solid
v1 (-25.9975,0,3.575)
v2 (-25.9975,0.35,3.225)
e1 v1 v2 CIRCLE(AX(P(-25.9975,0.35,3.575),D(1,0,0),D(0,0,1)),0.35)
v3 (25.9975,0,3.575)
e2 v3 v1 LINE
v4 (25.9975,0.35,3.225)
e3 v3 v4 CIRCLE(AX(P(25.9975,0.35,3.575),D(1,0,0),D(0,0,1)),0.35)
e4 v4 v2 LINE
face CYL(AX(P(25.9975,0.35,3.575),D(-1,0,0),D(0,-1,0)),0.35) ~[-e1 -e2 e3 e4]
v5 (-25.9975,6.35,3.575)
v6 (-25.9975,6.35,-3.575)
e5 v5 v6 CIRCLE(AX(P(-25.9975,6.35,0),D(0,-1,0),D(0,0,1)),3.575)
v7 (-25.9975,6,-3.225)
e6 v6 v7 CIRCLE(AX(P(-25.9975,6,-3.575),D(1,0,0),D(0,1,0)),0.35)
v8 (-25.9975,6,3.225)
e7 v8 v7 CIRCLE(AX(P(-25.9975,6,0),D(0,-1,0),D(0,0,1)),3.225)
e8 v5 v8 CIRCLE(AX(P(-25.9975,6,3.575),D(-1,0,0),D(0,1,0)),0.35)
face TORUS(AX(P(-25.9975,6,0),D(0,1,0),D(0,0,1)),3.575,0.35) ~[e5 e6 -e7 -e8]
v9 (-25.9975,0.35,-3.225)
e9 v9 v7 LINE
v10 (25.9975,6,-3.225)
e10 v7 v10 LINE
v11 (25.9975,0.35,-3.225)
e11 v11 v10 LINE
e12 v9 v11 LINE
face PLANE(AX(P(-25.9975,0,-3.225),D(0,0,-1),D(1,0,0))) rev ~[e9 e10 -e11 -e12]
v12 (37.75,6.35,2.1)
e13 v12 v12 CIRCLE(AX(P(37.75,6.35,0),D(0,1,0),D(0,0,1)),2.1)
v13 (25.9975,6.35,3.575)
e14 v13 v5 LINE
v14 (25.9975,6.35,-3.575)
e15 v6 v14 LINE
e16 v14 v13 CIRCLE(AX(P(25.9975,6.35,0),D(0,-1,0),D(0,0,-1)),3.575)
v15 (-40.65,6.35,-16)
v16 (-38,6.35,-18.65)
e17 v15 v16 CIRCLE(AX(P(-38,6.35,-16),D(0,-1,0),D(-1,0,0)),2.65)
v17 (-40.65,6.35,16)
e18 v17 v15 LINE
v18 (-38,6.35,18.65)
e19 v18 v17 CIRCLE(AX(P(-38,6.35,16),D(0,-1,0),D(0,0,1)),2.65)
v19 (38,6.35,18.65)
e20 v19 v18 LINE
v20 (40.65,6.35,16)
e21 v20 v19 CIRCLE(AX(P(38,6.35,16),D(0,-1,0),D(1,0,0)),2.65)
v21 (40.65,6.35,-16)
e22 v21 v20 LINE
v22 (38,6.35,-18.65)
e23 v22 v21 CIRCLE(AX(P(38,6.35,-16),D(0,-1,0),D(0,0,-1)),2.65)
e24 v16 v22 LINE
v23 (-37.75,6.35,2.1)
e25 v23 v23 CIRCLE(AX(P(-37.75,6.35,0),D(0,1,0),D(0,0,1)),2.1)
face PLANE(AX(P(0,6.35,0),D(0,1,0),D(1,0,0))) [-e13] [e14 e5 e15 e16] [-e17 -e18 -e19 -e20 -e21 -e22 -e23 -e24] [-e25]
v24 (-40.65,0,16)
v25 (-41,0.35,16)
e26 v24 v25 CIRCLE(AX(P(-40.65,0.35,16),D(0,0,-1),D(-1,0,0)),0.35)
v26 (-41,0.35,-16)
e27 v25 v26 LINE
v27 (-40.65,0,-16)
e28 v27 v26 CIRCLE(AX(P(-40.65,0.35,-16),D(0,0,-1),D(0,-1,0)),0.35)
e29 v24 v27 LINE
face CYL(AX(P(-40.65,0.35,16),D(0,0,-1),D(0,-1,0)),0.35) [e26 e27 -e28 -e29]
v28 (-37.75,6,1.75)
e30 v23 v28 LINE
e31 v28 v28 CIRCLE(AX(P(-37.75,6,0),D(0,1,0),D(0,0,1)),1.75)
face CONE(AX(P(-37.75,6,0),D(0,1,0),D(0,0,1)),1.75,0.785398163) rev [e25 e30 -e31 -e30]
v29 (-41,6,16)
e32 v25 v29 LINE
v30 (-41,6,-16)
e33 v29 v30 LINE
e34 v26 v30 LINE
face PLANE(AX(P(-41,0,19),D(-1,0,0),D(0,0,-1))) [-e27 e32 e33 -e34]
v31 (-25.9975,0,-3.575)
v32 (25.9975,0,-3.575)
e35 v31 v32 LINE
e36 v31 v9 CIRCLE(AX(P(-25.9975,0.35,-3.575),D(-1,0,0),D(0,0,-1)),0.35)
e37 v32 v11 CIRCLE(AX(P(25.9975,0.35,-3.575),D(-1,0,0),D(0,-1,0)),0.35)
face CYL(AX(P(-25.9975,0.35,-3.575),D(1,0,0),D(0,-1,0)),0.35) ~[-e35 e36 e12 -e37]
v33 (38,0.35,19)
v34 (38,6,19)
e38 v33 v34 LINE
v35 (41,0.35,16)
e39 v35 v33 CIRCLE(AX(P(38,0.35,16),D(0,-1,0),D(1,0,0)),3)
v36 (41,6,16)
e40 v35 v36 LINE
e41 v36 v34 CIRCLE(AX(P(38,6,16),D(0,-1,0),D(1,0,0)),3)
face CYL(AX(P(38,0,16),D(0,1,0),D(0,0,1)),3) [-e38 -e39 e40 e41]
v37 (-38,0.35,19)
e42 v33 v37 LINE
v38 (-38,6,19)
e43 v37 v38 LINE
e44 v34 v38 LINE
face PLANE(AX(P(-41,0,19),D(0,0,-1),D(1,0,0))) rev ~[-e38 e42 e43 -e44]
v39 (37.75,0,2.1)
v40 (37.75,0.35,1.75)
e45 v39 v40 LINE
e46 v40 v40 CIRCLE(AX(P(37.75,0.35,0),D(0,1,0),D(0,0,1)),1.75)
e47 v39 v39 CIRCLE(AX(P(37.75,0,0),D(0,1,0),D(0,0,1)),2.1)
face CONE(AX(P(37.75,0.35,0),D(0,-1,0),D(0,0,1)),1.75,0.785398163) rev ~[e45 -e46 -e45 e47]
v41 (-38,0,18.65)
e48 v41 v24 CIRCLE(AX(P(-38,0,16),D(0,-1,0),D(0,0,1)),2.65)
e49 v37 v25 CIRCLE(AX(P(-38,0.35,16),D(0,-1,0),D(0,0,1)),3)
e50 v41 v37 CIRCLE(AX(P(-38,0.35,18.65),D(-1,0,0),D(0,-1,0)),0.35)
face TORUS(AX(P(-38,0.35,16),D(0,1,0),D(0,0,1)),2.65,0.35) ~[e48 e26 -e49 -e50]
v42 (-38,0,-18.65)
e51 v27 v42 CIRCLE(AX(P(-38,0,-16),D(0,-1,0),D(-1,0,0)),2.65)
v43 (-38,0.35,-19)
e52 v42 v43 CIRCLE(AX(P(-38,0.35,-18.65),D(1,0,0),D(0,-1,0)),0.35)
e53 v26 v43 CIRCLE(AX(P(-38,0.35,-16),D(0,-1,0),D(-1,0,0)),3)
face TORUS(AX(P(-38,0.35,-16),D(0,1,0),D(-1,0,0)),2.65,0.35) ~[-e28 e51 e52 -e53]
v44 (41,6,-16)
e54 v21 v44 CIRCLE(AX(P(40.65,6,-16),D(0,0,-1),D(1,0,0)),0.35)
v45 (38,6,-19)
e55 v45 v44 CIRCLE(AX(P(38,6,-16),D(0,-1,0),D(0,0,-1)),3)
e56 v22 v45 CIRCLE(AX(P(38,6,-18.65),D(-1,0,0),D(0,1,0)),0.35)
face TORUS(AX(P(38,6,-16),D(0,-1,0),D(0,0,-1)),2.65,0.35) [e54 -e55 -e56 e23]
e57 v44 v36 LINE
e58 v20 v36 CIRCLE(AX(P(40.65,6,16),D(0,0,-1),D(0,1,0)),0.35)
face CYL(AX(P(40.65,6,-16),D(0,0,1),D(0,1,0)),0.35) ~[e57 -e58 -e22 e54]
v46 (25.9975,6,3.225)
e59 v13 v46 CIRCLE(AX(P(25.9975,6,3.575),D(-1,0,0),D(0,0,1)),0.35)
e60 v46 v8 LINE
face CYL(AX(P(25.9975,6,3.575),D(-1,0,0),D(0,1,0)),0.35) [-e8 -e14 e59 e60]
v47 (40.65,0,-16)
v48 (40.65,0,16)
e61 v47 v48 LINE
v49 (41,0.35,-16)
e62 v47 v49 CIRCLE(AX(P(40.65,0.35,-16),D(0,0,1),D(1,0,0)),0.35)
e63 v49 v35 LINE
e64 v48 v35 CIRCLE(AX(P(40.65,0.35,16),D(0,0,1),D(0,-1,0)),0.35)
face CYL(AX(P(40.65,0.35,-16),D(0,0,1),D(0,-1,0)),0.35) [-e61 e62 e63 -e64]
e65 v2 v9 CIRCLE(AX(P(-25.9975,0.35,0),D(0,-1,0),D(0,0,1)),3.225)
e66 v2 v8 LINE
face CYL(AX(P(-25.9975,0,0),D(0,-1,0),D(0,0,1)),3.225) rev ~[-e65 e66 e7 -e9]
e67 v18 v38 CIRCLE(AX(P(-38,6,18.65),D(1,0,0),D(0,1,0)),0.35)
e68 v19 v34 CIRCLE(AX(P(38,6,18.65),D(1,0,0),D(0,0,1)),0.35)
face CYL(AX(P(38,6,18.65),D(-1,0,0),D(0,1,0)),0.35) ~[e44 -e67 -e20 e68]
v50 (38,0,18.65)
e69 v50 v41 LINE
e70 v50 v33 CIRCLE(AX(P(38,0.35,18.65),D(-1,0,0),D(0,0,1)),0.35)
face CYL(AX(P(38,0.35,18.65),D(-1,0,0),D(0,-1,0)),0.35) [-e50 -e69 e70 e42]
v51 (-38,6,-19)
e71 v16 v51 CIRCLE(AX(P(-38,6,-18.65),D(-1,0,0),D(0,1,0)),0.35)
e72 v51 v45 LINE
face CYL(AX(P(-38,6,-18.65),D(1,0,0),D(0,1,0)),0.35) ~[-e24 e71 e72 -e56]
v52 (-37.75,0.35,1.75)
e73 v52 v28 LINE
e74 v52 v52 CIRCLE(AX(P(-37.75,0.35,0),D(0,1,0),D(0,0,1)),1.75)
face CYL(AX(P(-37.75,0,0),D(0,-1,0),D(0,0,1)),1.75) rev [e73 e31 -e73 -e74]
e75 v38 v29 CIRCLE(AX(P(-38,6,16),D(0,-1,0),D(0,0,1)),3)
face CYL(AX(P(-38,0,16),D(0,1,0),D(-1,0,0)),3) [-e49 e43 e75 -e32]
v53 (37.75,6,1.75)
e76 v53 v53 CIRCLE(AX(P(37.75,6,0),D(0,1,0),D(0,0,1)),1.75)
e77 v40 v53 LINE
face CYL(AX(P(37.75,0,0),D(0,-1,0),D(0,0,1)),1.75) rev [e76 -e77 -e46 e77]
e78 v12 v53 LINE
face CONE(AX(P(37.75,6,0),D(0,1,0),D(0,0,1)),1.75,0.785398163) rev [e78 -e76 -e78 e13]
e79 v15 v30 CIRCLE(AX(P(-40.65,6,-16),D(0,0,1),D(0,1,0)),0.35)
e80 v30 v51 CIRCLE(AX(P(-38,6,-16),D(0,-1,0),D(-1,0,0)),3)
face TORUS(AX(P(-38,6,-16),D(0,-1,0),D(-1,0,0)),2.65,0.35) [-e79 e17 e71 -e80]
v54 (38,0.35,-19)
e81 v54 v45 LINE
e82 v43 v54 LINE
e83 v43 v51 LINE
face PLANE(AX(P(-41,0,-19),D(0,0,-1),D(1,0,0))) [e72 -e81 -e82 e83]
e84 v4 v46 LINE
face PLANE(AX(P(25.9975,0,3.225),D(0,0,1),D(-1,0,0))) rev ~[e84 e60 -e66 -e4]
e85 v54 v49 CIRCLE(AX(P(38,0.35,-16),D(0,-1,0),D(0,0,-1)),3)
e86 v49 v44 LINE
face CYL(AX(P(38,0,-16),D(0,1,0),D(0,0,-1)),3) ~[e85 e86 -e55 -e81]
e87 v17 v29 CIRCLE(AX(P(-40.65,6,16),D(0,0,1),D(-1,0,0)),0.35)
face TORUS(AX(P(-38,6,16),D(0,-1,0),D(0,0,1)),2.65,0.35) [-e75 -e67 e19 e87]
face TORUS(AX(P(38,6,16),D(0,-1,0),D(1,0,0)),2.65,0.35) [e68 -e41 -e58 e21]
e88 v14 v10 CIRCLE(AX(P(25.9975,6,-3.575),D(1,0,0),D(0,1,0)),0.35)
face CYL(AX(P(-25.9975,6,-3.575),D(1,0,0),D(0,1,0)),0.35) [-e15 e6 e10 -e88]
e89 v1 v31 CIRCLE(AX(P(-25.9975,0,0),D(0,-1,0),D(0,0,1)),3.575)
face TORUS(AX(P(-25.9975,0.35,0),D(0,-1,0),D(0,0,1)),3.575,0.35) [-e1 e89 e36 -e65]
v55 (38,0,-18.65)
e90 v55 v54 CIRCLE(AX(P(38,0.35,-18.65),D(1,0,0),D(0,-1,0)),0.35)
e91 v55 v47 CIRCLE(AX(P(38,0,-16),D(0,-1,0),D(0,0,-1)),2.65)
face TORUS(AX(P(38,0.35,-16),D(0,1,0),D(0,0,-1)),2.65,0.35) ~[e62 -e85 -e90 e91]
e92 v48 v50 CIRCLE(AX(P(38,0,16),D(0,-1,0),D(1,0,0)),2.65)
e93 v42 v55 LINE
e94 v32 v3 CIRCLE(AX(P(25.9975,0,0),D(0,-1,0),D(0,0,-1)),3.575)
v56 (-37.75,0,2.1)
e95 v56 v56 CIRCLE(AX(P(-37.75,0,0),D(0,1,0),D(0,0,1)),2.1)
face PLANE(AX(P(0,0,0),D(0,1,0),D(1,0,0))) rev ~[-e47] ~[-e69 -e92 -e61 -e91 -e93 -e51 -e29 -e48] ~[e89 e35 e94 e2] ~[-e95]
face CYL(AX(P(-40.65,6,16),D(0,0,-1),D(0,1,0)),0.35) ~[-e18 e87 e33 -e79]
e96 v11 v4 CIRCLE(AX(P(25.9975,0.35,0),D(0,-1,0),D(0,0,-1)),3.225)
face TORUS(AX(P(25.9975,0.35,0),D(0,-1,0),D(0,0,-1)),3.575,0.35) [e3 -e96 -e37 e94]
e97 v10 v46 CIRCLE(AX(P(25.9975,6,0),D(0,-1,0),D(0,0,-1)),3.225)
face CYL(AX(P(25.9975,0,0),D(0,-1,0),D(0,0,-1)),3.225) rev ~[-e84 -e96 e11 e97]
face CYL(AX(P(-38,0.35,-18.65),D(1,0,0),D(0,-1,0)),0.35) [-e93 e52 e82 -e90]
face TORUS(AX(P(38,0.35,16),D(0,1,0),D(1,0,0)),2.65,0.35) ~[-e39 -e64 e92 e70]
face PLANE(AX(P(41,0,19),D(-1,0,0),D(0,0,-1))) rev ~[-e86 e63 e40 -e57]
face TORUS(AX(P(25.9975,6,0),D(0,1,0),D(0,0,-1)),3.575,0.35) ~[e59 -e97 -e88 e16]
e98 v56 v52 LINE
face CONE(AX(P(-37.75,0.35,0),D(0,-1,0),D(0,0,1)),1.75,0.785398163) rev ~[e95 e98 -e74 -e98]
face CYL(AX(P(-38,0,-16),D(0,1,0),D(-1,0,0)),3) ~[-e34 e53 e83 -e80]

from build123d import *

# Parameters (mm, degrees)
SKETCH1_W           = 82
SKETCH1_H           = 38
SKETCH1_R           = 1.75
BOSS_EXTRUDE1_DEPTH = 6.35
FILLET2_R           = 3
FILLET3_R           = 0.35
CHAMFER1_SIZE       = 0.35


with BuildPart() as part:
    # Sketch1 → Boss-Extrude1 (new body)
    with BuildSketch(Plane(origin=(0, 0, 0), x_dir=(1, 0, 0), z_dir=(0, 1, 0))):
        Rectangle(SKETCH1_W, SKETCH1_H)
        with Locations(Location((37.75, 0, 0), (0, 0, 270))):
            Circle(SKETCH1_R, mode=Mode.SUBTRACT)
        with Locations(Location((-37.75, 0, 0), (0, 0, 270))):
            Circle(SKETCH1_R, mode=Mode.SUBTRACT)
        with BuildLine():
            Line((-25.9975, 3.225), (-13.623486154, 3.225))
            Line((-13.623486154, 3.225), (13.623486154, 3.225))
            Line((13.623486154, 3.225), (25.9975, 3.225))
            ThreePointArc((25.9975, 3.225), (29.2225, 0), (25.9975, -3.225))
            Line((25.9975, -3.225), (13.623486154, -3.225))
            Line((13.623486154, -3.225), (-13.623486154, -3.225))
            Line((-13.623486154, -3.225), (-25.9975, -3.225))
            ThreePointArc((-25.9975, -3.225), (-29.2225, 0), (-25.9975, 3.225))
        make_face(mode=Mode.SUBTRACT)
    extrude(amount=BOSS_EXTRUDE1_DEPTH)

    # Fillet2
    fillet2_edges = [part.edges().sort_by_distance(p)[0] for p in [
        (-41, 3.175, -19),
        (41, 3.175, -19),
        (41, 3.175, 19),
        (-41, 3.175, 19),
    ]]
    fillet(fillet2_edges, radius=FILLET2_R)

    # Fillet3
    fillet3_edges = [part.edges().sort_by_distance(p)[0] for p in [
        (-29.2225, 0, 0),
        (0, 0, 3.225),
        (29.2225, 0, 0),
        (0, 0, -3.225),
        (0, 6.35, -3.225),
        (-29.2225, 6.35, 0),
        (0, 6.35, 3.225),
        (29.2225, 6.35, 0),
        (0, 0, -19),
        (0, 6.35, -19),
        (-41, 0, 0),
        (41, 0, 0),
        (0, 0, 19),
        (-40.121320344, 0, 18.121320344),
        (-40.121320344, 0, -18.121320344),
        (40.121320344, 0, 18.121320344),
        (40.121320344, 0, -18.121320344),
        (41, 6.35, 0),
        (-41, 6.35, 0),
        (0, 6.35, 19),
        (-40.121320344, 6.35, 18.121320344),
        (-40.121320344, 6.35, -18.121320344),
        (40.121320344, 6.35, 18.121320344),
        (40.121320344, 6.35, -18.121320344),
    ]]
    fillet(fillet3_edges, radius=FILLET3_R)

    # Chamfer1
    chamfer1_edges = [part.edges().sort_by_distance(p)[0] for p in [
        (37.75, 0, -1.75),
        (37.75, 6.35, -1.75),
        (-37.75, 0, -1.75),
        (-37.75, 6.35, -1.75),
    ]]
    chamfer(chamfer1_edges, length=CHAMFER1_SIZE)


solid = part.part
